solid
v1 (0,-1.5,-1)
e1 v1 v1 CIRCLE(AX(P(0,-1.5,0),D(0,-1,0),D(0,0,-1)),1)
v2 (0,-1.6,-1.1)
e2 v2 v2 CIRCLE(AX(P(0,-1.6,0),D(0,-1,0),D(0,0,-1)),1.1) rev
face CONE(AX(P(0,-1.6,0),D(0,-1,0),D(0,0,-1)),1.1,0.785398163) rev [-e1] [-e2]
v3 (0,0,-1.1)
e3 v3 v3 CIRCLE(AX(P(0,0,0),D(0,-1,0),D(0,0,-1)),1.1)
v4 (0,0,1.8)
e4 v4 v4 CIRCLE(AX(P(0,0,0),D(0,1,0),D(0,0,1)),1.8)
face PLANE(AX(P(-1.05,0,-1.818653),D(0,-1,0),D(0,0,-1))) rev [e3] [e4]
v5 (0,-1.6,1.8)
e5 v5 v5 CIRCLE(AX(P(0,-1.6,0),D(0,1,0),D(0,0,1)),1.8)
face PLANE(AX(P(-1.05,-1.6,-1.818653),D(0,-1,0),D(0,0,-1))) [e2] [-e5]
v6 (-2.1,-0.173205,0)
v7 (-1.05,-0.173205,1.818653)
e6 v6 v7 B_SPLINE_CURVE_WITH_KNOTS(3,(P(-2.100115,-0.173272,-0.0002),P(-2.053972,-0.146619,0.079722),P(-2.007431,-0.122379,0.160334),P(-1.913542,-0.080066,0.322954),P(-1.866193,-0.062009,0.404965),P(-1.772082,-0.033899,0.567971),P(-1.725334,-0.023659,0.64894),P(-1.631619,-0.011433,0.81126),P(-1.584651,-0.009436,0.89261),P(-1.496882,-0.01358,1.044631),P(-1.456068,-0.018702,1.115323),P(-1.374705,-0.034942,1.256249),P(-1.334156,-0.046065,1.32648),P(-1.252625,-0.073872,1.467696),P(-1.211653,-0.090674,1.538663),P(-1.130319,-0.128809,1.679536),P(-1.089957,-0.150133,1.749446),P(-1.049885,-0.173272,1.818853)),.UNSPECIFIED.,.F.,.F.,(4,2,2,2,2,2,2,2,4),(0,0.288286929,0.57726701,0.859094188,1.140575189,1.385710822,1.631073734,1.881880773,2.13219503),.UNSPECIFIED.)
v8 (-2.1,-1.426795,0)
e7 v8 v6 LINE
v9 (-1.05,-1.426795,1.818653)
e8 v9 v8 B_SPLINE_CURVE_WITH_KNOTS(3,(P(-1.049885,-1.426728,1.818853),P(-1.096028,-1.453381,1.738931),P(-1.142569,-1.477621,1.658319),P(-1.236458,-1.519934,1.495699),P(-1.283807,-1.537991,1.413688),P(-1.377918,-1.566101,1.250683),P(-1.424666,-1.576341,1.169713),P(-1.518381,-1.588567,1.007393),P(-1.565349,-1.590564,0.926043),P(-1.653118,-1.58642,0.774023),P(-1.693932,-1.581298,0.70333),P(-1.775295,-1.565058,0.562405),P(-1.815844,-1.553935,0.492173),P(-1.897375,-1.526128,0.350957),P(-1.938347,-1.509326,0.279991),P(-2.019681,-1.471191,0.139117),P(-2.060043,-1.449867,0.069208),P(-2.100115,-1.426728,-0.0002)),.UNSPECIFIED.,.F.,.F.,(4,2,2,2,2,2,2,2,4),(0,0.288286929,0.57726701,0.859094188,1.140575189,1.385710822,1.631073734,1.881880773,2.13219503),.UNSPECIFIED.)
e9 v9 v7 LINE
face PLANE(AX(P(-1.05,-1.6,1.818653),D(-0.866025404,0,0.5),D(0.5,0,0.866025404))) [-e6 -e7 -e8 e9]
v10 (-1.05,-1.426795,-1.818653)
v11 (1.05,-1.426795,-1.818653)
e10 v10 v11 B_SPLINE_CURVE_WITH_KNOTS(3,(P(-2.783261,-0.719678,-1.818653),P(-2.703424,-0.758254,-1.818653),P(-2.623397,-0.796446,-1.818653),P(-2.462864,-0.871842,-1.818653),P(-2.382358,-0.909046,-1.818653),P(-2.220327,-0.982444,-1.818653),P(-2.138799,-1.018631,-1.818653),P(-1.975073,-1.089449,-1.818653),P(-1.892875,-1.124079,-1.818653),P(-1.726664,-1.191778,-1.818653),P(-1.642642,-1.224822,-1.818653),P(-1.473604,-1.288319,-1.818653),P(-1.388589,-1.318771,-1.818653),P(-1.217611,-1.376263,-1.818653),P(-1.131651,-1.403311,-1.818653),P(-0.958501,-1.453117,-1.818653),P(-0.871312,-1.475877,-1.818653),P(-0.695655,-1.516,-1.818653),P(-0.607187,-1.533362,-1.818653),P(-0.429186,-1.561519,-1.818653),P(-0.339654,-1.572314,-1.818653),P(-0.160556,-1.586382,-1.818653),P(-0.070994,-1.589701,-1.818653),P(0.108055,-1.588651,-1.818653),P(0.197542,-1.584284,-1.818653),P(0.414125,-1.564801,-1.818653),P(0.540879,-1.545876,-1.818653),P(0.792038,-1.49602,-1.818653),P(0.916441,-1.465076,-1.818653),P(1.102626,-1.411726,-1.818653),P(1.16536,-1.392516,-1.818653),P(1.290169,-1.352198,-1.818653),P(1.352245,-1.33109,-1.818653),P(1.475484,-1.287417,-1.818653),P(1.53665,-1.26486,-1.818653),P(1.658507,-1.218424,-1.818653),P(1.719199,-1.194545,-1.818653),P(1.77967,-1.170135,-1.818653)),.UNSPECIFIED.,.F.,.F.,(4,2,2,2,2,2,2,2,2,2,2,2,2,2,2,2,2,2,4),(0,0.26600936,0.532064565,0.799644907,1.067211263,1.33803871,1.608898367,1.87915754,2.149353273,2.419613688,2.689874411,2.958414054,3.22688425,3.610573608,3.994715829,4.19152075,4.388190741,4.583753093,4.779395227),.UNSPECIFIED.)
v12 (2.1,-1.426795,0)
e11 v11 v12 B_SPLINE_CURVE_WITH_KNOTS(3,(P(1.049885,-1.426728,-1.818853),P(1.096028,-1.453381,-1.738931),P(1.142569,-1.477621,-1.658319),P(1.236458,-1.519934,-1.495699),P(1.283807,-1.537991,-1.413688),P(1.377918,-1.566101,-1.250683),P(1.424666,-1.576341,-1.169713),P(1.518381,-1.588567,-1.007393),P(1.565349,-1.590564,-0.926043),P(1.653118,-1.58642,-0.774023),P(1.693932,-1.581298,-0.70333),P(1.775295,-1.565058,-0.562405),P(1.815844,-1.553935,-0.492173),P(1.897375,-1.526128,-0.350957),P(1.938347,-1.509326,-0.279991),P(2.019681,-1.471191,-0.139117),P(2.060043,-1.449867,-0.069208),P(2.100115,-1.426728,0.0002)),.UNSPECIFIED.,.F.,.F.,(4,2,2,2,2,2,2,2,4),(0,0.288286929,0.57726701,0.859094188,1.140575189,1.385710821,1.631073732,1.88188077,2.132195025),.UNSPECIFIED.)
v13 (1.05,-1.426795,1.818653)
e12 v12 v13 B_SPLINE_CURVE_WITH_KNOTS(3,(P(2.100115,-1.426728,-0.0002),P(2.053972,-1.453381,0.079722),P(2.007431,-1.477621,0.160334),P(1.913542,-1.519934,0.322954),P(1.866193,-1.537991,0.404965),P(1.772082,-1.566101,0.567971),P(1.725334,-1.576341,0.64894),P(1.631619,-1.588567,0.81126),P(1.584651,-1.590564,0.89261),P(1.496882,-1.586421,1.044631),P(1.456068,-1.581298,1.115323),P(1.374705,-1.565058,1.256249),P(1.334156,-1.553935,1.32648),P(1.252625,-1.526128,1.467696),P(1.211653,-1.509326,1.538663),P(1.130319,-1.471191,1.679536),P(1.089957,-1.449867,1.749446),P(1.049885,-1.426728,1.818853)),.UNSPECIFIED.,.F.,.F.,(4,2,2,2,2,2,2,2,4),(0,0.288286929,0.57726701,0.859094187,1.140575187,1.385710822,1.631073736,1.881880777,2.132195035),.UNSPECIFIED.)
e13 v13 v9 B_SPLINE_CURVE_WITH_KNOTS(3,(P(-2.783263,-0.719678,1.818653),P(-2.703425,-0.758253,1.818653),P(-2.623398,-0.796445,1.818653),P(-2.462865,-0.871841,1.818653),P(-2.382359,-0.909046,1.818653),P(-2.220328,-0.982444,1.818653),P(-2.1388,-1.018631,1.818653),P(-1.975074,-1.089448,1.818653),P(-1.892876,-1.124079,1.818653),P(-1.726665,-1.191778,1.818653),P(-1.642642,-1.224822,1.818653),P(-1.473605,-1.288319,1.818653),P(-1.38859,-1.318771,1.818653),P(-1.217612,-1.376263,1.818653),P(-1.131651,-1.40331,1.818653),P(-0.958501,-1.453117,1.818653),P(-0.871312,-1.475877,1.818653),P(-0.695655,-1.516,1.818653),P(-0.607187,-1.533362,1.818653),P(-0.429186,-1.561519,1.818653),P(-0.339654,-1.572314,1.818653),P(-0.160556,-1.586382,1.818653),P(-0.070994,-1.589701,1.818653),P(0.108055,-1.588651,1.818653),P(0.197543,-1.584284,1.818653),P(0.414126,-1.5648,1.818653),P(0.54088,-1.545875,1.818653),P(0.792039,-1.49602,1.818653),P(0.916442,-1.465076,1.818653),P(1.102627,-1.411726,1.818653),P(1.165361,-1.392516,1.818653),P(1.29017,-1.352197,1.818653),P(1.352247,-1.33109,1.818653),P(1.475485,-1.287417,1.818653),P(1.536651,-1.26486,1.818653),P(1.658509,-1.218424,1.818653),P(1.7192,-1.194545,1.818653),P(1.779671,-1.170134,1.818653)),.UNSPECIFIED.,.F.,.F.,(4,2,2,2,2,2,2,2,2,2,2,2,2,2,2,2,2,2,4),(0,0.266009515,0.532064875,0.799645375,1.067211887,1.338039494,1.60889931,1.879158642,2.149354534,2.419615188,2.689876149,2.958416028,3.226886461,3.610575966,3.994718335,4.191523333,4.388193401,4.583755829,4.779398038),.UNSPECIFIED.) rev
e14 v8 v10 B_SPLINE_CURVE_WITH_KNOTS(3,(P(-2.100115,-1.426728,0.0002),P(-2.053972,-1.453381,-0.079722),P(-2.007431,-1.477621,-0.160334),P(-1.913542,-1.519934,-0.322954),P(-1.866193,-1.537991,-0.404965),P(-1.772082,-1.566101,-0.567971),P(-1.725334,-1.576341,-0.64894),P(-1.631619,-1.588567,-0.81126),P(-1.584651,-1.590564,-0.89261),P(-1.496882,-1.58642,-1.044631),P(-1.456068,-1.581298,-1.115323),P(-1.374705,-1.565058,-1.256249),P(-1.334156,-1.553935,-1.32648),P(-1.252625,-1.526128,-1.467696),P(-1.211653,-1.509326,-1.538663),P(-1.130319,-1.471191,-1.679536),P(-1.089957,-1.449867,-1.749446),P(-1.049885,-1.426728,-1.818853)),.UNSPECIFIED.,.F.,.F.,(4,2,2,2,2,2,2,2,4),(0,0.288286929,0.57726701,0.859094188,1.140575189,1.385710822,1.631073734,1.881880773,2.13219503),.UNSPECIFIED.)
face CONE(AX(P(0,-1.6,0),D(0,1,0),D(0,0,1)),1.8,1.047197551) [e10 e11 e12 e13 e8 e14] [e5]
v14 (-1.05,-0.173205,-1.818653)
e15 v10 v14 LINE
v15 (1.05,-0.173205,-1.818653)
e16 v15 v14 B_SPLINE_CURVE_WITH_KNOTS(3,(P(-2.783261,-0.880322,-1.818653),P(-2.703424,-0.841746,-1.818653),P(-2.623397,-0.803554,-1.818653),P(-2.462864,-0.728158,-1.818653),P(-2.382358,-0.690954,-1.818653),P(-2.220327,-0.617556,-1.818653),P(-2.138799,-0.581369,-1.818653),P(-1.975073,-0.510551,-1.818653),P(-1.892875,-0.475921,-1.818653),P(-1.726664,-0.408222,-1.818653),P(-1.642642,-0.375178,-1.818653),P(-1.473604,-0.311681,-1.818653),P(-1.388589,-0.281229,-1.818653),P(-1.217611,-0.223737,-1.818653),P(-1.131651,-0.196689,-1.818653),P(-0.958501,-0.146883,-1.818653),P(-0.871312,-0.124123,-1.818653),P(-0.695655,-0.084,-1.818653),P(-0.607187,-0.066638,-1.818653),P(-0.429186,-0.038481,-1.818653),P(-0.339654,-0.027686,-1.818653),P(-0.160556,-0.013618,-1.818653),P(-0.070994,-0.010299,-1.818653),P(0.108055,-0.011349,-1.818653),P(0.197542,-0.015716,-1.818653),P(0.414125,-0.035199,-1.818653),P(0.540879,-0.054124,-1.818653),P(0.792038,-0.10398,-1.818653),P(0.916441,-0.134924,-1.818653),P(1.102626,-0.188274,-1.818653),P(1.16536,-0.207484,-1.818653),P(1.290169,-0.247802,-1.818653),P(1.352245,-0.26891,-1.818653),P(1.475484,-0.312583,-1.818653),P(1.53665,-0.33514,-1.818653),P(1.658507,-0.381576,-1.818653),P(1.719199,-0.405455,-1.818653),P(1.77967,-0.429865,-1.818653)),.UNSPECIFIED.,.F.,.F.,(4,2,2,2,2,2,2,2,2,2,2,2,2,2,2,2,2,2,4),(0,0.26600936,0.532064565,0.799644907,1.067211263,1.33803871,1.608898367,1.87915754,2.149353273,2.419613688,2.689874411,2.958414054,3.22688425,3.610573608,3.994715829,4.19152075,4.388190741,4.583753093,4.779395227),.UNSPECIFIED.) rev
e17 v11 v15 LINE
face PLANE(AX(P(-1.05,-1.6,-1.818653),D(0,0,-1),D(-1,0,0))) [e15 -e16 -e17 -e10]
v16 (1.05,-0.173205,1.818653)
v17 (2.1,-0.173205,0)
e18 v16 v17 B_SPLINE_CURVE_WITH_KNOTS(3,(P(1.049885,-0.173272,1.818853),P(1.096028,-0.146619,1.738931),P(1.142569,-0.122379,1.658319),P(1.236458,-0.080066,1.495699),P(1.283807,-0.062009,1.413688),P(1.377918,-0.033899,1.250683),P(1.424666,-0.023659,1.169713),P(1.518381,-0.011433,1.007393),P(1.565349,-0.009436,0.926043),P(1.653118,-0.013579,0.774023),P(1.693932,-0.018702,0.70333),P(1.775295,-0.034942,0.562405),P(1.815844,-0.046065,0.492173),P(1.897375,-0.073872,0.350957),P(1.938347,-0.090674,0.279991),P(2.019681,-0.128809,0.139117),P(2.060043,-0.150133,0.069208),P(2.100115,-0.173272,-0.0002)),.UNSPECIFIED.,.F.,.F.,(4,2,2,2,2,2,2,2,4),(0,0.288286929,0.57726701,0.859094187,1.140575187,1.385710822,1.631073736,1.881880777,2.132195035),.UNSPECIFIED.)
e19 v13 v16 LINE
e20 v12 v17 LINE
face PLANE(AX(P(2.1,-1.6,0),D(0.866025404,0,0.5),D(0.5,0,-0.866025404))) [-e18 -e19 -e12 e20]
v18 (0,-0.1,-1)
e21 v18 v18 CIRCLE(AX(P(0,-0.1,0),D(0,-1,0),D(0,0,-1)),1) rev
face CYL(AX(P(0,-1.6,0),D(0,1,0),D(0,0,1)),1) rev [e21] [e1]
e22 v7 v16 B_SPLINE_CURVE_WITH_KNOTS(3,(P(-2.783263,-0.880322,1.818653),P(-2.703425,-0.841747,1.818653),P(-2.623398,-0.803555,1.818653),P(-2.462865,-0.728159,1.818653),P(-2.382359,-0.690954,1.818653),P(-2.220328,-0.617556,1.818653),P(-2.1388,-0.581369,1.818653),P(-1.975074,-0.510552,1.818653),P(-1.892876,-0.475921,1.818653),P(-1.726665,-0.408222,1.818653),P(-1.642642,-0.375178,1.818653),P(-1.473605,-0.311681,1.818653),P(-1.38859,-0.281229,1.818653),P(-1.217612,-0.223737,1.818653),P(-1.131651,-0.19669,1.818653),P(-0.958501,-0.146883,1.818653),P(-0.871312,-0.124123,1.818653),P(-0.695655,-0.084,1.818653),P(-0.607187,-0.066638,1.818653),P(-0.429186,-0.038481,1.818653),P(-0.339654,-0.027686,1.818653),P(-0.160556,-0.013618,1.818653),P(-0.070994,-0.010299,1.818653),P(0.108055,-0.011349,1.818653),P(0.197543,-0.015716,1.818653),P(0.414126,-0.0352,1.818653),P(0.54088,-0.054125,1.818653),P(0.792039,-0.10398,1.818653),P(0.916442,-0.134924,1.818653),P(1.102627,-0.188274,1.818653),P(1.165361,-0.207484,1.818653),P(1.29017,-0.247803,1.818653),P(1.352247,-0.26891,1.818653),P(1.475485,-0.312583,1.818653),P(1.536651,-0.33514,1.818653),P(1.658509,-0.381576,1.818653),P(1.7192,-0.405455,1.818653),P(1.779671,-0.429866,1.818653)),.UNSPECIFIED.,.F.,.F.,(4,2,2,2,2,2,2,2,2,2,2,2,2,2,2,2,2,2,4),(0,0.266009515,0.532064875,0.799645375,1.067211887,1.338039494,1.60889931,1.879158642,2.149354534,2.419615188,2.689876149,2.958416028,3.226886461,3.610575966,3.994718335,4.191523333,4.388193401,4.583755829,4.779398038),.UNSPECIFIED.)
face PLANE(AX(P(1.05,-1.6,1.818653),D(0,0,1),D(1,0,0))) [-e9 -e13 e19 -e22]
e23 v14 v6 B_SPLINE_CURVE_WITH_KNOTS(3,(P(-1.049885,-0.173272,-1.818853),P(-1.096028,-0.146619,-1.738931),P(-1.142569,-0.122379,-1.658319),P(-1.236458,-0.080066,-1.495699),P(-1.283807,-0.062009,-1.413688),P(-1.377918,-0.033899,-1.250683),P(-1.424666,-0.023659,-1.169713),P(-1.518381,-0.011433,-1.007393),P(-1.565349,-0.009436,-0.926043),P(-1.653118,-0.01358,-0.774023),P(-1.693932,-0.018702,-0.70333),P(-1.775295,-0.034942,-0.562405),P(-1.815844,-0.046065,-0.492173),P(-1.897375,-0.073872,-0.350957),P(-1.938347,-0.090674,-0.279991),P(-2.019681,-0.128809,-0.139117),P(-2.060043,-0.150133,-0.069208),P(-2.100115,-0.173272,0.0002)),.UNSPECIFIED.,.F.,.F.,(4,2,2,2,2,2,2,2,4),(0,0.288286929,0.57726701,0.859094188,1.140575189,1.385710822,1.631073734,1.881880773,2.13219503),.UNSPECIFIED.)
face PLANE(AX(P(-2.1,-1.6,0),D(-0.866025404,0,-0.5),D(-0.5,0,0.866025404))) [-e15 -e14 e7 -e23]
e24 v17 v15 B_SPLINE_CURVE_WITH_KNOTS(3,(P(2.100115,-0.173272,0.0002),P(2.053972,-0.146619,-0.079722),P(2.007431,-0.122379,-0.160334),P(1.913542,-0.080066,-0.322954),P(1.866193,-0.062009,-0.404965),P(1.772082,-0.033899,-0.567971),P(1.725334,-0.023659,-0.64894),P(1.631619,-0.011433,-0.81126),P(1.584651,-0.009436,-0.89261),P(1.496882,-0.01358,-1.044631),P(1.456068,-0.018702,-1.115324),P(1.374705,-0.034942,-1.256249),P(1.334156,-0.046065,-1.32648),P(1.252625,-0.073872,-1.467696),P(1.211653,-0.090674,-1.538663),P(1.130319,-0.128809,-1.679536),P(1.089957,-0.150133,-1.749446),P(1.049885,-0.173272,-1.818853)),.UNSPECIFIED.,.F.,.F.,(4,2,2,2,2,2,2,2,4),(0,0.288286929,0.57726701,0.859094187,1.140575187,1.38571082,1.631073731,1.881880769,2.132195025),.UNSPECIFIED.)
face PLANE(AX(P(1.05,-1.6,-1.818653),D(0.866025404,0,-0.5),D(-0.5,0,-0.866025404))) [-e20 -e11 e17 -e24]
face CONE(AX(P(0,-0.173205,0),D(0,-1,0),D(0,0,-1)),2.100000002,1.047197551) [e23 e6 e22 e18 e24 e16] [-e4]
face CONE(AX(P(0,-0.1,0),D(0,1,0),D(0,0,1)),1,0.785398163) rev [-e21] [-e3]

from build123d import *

# Parameters (mm, degrees)
EXTRUDE_1_DEPTH     = 1.6
SKETCH_2_R          = 1
CUT_EXTRUDE_1_DEPTH = 1.6
CHAMFER_1_SIZE      = 0.1


with BuildPart() as part:
    # Эскиз1 → Вытянуть1 (new body)
    with BuildSketch(Plane(origin=(0, 0, 0), x_dir=(1, 0, 0), z_dir=(0, 1, 0))):
        Polygon((-1.050000001, 1.81865335), (1.050000001, 1.81865335), (2.1, 4e-09), (1.049999996, -1.81865335), (-1.050000001, -1.81865335), (-2.100000002, 0), align=None)
    extrude(amount=-EXTRUDE_1_DEPTH)

    # Эскиз2 → Вырез-Вытянуть1 (cut)
    with BuildSketch(Plane(origin=(0, 0, 0), x_dir=(-1, 0, 0), z_dir=(0, 1, 0))):
        with Locations(Location((0, 0, 0), (0, 0, 90))):
            Circle(SKETCH_2_R)
    extrude(amount=-CUT_EXTRUDE_1_DEPTH, mode=Mode.SUBTRACT)

    # Фаска1
    chamfer_1_edges = [part.edges().sort_by_distance(p)[0] for p in [
        (0, -1.6, -1),
        (0, 0, -1),
    ]]
    chamfer(chamfer_1_edges, length=CHAMFER_1_SIZE)

    # Эскиз3 → Вырез-Повернуть1 (revolve, cut)
    with BuildSketch(Plane.XY, mode=Mode.PRIVATE) as cut_revolve_1_sk:
        Polygon((-1.8, 0), (-2.100000002, -0.173205082), (-2.100000002, 0), align=None)
        Polygon((-2.100000002, -1.6), (-2.100000002, -1.426794918), (-1.8, -1.6), align=None)
    revolve(cut_revolve_1_sk.sketch.rotate(Axis((0, 0, 0), (0, -1, 0)), 90), axis=Axis((0, 0, 0), (0, -1, 0)), mode=Mode.SUBTRACT)


solid = part.part
